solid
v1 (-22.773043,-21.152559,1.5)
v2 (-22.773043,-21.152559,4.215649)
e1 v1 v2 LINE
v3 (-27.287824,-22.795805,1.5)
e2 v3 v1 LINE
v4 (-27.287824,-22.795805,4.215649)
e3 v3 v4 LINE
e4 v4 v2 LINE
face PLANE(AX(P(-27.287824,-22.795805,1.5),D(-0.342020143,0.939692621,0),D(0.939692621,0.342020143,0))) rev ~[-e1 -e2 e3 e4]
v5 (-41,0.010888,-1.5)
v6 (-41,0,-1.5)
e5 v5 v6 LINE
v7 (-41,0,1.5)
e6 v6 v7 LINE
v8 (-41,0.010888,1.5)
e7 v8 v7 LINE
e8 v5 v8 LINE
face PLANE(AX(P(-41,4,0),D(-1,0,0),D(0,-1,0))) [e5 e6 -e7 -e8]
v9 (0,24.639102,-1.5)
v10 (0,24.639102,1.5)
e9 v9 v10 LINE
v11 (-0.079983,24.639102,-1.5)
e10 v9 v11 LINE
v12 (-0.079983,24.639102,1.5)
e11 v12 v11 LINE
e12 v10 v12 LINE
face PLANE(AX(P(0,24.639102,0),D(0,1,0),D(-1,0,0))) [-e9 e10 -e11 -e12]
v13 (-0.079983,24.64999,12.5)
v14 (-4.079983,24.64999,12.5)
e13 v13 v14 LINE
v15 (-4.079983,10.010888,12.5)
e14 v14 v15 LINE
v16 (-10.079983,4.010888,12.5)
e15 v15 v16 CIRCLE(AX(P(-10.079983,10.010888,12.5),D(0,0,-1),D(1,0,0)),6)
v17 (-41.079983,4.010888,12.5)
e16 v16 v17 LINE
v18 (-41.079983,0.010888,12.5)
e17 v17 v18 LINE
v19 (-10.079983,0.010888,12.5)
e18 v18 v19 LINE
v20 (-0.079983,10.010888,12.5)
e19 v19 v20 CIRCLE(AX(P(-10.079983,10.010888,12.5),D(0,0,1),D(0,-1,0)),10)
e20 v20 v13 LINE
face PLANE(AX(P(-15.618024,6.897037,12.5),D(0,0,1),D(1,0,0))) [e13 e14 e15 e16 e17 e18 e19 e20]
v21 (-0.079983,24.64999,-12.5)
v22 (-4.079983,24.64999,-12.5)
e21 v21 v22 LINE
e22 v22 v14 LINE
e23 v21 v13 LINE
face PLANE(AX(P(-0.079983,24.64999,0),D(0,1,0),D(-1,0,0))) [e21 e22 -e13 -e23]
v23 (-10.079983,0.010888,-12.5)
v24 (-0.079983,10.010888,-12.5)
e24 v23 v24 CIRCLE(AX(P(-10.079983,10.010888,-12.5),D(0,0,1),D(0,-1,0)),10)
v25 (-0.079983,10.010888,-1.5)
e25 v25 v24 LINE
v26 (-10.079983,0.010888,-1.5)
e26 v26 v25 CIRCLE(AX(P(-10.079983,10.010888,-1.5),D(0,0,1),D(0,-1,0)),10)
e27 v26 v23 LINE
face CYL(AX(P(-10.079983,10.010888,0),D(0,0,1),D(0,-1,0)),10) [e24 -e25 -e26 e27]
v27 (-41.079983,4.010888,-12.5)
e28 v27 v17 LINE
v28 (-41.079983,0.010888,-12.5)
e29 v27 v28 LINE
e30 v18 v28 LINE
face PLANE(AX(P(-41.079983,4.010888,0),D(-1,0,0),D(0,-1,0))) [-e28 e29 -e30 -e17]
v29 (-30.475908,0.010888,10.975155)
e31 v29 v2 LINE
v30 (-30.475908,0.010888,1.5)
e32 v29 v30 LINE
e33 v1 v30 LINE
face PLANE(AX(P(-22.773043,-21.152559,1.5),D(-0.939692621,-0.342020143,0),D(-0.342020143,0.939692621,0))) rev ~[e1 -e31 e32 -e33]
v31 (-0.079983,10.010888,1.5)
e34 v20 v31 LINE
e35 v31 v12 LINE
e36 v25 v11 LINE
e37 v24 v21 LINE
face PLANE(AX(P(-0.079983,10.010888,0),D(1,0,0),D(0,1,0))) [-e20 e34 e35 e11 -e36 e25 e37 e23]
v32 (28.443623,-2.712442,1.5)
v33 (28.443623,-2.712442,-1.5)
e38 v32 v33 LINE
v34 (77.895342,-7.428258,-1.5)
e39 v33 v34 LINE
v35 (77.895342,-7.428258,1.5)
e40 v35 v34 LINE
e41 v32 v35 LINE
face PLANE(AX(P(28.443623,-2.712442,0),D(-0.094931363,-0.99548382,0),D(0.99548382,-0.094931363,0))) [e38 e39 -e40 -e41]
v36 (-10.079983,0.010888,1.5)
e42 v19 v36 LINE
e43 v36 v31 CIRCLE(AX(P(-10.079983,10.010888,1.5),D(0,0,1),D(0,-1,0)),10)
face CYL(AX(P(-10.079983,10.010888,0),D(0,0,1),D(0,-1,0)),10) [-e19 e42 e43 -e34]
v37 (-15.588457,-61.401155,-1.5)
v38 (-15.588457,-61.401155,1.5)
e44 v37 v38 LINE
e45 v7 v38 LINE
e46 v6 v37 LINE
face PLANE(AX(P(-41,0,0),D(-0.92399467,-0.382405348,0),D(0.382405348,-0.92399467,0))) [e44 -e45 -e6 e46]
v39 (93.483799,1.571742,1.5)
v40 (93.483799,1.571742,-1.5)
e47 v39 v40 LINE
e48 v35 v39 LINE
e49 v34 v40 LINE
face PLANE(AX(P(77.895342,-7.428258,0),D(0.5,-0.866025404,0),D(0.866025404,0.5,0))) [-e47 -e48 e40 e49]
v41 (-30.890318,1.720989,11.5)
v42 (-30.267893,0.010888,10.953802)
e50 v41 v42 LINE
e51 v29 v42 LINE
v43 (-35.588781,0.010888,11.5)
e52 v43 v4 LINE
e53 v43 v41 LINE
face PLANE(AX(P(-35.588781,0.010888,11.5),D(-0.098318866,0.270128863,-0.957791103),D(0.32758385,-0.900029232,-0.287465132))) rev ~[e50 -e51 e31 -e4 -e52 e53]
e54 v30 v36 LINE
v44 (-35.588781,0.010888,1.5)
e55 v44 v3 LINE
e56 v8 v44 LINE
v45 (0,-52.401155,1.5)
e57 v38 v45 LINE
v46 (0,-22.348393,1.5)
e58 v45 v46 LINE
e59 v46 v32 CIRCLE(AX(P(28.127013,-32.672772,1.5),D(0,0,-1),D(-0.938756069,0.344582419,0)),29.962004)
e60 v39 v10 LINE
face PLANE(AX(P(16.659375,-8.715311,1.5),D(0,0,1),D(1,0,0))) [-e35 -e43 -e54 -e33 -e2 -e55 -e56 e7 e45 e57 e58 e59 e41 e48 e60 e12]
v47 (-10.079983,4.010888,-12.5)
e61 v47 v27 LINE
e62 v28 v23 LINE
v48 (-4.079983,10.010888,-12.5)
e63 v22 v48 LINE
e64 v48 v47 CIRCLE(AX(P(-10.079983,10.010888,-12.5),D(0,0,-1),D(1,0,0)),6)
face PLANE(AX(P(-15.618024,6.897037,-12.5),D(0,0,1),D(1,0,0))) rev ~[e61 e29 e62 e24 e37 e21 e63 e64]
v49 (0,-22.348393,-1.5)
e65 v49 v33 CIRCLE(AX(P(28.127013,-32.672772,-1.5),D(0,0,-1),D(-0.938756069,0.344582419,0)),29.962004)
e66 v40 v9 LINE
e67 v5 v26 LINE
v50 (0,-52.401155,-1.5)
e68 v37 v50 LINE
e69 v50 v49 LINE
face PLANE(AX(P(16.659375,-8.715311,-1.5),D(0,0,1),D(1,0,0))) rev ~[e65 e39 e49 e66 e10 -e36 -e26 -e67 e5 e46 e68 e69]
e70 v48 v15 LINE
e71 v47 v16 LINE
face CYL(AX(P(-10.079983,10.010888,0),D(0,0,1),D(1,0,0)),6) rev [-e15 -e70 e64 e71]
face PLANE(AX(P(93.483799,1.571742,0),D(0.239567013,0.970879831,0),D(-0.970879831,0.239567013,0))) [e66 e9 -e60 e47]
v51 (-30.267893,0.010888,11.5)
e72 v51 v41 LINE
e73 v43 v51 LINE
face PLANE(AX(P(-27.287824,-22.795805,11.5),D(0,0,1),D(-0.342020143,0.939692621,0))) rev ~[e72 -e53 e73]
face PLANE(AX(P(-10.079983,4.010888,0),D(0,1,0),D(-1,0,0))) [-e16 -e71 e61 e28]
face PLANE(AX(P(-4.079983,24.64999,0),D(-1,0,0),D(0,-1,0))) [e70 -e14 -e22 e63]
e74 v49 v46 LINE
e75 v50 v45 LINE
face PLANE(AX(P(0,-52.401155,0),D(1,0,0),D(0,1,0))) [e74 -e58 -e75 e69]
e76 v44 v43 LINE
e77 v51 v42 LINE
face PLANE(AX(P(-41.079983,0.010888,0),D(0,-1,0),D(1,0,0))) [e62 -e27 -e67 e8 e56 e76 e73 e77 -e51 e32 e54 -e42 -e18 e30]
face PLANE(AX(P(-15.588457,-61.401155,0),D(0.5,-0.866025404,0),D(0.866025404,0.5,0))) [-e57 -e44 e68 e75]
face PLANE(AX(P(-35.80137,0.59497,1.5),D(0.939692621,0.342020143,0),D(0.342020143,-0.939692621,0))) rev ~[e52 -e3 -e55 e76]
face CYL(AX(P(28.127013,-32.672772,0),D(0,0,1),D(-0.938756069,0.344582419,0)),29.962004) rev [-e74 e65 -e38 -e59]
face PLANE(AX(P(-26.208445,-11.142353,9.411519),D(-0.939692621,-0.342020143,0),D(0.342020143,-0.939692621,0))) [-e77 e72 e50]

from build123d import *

# Parameters (mm, degrees)
F1_DEPTH = 1.5
F3_DEPTH = 1.5
F5_DEPTH = 12.5
F7_DEPTH = 10
F9_DEPTH = 5


with BuildPart() as f1:
    # F0 (on Top) → F1 (new body, symmetric)
    with BuildSketch(Plane.XY):
        with BuildLine():
            Line((93.483799182, 1.5717417002), (0, 24.639101699))
            Line((0, 24.639101699), (0, 10))
            ThreePointArc((0, 10), (-2.9289321881, 2.9289321881), (-10, 0))
            Line((-10, 0), (-25.5, 0))
            Line((-25.5, 0), (-41, 0))
            Line((-41, 0), (-15.5884572681, -61.4011549224))
            Line((-15.5884572681, -61.4011549224), (0, -52.4011549224))
            Line((0, -52.4011549224), (0, -22.3483927548))
            ThreePointArc((0, -22.3483927548), (11.1050484965, -8.0156356733), (28.4436228876, -2.7124417533))
            Line((28.4436228876, -2.7124417533), (77.8953419139, -7.4282582998))
            Line((77.8953419139, -7.4282582998), (93.483799182, 1.5717417002))
        make_face()
        with BuildLine():
            Line((0, 10), (0, 24.639101699))
            Line((0, 24.639101699), (-4, 24.639101699))
            Line((-4, 24.639101699), (-4, 10))
            ThreePointArc((-4, 10), (-5.7573593129, 5.7573593129), (-10, 4))
            Line((-10, 4), (-41, 4))
            Line((-41, 4), (-41, 0))
            Line((-41, 0), (-25.5, 0))
            Line((-25.5, 0), (-10, 0))
            ThreePointArc((-10, 0), (-2.9289321881, 2.9289321881), (0, 10))
        make_face()
    extrude(amount=F1_DEPTH, both=True)

    # F2 (on Top) → F3 (join, symmetric)
    with BuildSketch(Plane.XY):
        Polygon((-0.4887568886, 8.2661984248), (-11.5621451159, 1.5826697675), (-0.9085235181, -15.3436513582), (9.5235692223, -9.0471873172), align=None)
    extrude(amount=F3_DEPTH, both=True)

    # F4 (on Top) → F5 (join, symmetric)
    with BuildSketch(Plane.XY):
        with BuildLine():
            Line((-0.0799827916, 10.0108882828), (-0.0799827916, 24.6499899817))
            Line((-0.0799827916, 24.6499899817), (-4.0799827916, 24.6499899817))
            Line((-4.0799827916, 24.6499899817), (-4.0799827916, 10.0108882828))
            ThreePointArc((-4.0799827916, 10.0108882828), (-5.8373421045, 5.7682475956), (-10.0799827916, 4.0108882828))
            Line((-10.0799827916, 4.0108882828), (-41.0799827916, 4.0108882828))
            Line((-41.0799827916, 4.0108882828), (-41.0799827916, 0.0108882828))
            Line((-41.0799827916, 0.0108882828), (-10.0799827916, 0.0108882828))
            ThreePointArc((-10.0799827916, 0.0108882828), (-3.0089149798, 2.9398204709), (-0.0799827916, 10.0108882828))
        make_face()
    extrude(amount=F5_DEPTH, both=True)

    # F6 (on face) → F7 (join)
    with BuildSketch(Plane.XY.offset(1.5)):
        Polygon((-35.8013698642, 0.5949702468), (-27.2878240943, -22.7958045155), (-22.773043412, -21.1525587329), (-31.2865891819, 2.2382160294), align=None)
    extrude(amount=F7_DEPTH)

    # F8 (on face) → F9 (cut)
    with BuildSketch(Plane(origin=(-31.422185401, -11.4367401815, 0), x_dir=(0.3420201433, -0.9396926208, 0), z_dir=(-0.9396926208, -0.3420201433, 0))):
        Polygon((-12.1823117593, 11.5), (12.0880637803, 4.2156488635), (12.0880637803, 11.5), align=None)
    extrude(amount=-F9_DEPTH, mode=Mode.SUBTRACT)


solid = f1.part
